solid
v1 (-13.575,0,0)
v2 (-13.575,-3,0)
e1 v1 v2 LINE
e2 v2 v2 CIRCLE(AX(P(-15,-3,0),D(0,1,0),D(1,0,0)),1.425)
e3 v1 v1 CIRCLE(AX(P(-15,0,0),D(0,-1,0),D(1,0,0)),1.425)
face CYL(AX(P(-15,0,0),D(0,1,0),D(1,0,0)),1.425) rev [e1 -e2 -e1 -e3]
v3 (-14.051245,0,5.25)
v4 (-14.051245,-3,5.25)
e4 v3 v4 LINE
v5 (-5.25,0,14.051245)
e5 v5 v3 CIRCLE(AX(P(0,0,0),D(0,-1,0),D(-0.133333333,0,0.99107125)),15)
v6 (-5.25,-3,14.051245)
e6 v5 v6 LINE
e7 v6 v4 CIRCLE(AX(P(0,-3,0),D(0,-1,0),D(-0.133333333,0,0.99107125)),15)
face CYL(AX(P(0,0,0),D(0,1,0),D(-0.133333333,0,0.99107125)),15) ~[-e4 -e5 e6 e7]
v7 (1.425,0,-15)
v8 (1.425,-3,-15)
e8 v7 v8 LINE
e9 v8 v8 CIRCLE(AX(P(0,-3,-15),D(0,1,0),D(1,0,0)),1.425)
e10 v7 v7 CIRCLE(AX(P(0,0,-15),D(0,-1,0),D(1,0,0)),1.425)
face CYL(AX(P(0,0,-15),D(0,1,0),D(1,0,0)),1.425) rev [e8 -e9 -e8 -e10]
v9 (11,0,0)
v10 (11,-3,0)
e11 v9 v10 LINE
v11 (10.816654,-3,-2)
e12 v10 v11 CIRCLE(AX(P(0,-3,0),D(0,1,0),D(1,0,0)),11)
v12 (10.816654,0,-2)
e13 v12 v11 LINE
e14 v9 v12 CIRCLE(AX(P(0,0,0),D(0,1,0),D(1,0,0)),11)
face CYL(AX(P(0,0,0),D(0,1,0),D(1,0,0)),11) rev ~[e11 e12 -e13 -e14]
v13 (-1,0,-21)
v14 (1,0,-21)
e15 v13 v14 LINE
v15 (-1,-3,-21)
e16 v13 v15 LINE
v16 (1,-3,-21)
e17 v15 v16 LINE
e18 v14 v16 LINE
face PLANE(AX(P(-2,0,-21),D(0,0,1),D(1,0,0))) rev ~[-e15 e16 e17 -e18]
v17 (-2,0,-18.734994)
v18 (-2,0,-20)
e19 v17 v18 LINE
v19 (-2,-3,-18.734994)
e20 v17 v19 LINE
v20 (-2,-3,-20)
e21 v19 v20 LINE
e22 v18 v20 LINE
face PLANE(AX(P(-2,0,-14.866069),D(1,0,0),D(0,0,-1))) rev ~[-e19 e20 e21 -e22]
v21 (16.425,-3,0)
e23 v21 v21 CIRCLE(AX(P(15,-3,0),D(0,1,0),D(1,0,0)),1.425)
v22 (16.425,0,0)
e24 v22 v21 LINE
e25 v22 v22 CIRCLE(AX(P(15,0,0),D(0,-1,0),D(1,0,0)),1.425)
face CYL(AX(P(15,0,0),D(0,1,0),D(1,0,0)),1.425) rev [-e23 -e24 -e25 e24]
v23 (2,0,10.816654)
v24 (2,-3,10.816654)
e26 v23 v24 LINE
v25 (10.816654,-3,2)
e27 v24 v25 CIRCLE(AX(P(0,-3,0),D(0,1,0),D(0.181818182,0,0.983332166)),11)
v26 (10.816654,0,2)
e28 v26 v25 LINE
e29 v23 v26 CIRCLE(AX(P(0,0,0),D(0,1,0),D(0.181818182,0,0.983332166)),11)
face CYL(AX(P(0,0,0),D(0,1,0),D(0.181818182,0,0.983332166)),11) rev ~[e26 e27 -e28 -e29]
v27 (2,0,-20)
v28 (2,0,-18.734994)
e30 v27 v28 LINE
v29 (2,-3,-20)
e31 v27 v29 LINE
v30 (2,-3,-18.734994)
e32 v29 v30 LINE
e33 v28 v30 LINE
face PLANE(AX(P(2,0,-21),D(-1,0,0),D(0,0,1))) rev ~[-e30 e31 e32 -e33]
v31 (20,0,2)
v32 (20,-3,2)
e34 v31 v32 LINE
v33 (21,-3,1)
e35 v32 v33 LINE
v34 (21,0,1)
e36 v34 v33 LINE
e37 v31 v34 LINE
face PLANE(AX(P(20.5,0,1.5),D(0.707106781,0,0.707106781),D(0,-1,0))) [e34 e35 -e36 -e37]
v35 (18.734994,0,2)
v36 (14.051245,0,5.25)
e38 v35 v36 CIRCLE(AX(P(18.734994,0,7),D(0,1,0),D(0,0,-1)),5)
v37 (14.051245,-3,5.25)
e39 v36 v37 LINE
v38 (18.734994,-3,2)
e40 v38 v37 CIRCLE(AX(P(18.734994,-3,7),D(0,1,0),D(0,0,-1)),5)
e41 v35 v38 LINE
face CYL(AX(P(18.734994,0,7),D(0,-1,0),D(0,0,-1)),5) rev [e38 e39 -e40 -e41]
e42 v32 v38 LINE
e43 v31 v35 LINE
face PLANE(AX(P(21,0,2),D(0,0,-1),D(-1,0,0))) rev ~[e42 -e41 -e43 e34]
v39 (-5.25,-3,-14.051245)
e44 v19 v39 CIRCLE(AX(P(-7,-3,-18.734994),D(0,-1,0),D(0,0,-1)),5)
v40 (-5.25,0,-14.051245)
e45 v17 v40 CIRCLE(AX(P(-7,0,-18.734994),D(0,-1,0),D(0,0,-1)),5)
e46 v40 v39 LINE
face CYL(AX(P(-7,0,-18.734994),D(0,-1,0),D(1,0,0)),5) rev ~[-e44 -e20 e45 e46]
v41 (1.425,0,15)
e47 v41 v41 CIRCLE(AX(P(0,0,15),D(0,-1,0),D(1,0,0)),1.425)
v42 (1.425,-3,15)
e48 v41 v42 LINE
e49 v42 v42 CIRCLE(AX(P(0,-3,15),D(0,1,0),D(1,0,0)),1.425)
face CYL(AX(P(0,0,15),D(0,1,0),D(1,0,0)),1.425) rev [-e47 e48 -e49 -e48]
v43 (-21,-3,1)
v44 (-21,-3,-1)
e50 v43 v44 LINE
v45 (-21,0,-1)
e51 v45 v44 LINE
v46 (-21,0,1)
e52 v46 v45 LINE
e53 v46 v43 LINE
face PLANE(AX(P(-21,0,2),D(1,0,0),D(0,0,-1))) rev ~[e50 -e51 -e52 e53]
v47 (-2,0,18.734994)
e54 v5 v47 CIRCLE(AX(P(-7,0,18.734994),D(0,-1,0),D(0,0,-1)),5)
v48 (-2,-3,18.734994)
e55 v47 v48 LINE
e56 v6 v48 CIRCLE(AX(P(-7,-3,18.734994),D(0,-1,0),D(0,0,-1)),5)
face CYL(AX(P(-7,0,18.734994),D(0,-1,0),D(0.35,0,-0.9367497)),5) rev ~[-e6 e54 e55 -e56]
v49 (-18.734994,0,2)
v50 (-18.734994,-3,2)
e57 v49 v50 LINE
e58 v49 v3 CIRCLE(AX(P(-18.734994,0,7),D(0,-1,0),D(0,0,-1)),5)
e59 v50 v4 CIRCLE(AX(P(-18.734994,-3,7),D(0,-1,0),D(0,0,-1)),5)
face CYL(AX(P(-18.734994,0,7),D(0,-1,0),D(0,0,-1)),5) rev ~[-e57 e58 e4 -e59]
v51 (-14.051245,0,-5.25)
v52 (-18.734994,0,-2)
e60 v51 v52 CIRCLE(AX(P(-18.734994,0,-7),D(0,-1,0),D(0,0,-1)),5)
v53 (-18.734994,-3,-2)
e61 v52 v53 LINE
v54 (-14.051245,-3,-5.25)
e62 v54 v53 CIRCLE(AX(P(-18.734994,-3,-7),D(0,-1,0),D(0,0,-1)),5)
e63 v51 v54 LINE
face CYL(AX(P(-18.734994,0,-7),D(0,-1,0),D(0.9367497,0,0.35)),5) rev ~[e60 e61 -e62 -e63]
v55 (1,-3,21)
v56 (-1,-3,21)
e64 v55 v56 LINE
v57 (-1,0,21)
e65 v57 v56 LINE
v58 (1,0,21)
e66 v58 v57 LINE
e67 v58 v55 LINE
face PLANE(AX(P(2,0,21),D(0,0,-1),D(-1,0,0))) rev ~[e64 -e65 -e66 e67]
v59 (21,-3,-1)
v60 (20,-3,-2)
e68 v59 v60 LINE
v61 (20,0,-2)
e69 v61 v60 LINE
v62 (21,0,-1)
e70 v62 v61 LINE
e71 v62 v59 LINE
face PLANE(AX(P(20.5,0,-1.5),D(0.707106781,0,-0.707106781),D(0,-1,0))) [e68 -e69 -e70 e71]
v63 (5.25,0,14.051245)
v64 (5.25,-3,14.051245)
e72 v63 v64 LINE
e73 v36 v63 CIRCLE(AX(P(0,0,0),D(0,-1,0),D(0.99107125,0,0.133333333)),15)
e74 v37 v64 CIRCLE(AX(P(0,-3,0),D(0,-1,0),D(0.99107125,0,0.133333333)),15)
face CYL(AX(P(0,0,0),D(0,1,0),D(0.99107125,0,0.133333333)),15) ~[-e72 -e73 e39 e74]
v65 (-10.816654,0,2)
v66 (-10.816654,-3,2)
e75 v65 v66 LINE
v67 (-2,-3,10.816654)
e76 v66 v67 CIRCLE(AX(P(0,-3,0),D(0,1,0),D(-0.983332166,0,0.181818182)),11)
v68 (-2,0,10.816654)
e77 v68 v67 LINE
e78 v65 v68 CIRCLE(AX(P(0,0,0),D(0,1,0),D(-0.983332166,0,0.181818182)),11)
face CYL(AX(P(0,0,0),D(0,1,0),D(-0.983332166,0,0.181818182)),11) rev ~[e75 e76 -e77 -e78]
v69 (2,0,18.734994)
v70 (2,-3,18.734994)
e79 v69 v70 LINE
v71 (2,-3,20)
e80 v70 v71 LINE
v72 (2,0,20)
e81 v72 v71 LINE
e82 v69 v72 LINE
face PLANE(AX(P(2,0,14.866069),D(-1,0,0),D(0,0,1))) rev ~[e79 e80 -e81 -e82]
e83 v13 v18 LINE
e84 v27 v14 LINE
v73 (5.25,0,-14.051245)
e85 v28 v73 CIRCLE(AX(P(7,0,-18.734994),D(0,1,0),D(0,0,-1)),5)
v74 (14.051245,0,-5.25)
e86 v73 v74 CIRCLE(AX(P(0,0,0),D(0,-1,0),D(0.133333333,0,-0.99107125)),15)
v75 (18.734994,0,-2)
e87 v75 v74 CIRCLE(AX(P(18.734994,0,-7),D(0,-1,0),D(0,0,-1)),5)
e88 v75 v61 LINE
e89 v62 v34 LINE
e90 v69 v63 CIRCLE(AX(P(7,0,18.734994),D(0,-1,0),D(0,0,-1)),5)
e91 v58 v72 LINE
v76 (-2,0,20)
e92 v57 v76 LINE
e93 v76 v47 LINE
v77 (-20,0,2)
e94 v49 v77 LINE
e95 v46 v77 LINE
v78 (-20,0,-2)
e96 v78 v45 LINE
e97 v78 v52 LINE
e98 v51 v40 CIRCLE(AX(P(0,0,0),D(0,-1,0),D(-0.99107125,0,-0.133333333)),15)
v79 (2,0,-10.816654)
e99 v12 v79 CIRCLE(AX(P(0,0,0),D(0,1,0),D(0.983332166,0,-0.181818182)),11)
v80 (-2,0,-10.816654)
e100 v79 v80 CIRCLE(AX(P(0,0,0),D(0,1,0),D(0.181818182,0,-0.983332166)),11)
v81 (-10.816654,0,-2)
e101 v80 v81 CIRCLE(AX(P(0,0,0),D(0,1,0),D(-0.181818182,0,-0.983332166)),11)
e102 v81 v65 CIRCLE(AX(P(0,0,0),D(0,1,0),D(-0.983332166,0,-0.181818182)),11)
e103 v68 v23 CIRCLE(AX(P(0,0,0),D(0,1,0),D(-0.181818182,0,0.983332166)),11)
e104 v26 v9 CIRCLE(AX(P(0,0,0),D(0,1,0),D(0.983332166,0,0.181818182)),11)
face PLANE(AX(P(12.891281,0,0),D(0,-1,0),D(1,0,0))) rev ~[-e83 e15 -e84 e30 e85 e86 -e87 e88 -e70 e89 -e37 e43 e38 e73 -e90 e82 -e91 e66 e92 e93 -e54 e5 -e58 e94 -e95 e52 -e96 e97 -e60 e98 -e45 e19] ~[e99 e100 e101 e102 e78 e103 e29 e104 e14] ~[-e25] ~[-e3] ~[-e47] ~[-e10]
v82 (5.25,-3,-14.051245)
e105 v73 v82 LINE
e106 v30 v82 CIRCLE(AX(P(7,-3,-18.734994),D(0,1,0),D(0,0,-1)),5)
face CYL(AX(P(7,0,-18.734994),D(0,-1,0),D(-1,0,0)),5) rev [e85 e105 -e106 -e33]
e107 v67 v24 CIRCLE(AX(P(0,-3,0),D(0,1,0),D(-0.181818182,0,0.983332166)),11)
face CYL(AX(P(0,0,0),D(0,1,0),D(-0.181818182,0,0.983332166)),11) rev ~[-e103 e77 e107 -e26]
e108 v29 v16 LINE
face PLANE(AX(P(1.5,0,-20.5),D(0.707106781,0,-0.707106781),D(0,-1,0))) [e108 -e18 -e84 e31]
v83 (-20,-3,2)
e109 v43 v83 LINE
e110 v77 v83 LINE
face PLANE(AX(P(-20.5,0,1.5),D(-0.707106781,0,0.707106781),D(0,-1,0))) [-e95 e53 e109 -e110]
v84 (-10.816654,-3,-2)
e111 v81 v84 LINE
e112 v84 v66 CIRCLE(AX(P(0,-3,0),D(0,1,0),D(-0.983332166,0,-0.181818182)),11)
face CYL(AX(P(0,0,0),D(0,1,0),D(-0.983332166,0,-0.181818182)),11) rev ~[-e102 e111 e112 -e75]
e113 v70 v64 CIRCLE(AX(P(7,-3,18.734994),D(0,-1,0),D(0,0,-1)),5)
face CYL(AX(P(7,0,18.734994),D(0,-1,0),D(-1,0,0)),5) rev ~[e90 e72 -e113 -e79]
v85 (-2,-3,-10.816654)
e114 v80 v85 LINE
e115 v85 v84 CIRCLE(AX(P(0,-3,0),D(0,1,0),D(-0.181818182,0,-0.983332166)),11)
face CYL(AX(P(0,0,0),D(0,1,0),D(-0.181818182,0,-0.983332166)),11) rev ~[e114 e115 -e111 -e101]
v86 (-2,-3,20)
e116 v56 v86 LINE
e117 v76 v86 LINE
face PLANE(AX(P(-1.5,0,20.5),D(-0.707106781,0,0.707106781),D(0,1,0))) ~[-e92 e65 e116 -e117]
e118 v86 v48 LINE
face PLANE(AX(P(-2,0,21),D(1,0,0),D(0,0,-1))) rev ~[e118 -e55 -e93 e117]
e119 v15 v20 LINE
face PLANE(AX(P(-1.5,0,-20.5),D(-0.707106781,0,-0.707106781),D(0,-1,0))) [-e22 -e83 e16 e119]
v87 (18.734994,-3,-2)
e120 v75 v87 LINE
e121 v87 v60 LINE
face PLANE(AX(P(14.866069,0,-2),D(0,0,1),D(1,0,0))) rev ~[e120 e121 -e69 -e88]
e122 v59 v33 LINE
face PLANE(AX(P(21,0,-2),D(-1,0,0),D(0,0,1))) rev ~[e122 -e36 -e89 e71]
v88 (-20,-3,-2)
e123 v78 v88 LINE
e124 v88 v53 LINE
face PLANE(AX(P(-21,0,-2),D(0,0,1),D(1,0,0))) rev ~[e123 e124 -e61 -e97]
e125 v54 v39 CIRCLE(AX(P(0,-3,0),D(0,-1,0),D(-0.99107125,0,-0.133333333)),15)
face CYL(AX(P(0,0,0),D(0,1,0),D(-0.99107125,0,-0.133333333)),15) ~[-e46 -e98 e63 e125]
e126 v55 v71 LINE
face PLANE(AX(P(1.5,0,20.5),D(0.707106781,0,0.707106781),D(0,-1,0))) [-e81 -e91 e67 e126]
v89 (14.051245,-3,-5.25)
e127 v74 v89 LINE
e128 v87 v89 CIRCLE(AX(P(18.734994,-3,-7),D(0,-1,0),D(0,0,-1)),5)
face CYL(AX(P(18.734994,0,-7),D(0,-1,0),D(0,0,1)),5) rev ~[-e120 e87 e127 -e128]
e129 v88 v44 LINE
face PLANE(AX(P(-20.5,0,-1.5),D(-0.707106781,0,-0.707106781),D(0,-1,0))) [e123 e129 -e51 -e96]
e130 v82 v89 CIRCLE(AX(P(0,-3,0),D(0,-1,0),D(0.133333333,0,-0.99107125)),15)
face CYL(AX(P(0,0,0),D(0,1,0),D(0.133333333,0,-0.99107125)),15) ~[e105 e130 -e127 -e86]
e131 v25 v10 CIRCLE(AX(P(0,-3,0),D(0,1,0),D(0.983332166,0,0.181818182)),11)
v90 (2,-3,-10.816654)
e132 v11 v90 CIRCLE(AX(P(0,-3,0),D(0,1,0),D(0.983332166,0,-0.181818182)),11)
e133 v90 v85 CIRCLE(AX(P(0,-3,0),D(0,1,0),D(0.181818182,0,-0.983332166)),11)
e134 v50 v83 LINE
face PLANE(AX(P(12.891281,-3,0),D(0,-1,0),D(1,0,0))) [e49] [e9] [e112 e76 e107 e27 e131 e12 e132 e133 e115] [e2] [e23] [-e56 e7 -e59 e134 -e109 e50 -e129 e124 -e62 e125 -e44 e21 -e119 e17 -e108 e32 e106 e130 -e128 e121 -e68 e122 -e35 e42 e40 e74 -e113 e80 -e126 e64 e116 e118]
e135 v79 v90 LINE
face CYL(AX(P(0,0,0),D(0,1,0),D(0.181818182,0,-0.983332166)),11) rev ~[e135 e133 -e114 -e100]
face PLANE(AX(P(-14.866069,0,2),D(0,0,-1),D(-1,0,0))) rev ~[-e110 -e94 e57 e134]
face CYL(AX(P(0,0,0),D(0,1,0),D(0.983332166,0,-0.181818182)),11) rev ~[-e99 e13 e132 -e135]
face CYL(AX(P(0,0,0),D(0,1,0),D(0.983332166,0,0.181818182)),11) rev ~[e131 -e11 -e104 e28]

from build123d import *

# Parameters (mm, degrees)
F1_DEPTH = 3
F2_SIZE  = 1
F3_SIZE  = 1
F4_SIZE  = 1
F5_SIZE  = 1
F6_SIZE  = 1
F7_R     = 1.425
F8_DEPTH = 3.001
F9_R     = 5
F10_R    = 5
F11_R    = 5
F12_R    = 5
F13_R    = 5
F14_R    = 5
F15_R    = 5
F16_R    = 5


with BuildPart() as f1:
    # F0 (on Front) → F1 (new body)
    with BuildSketch(Plane.XZ):
        with BuildLine():
            ThreePointArc((10.8166538264, 2), (10.9540675571, 1.004193186), (11, 0))
            ThreePointArc((11, 0), (10.9540675571, -1.004193186), (10.8166538264, -2))
            Line((10.8166538264, -2), (14.8660687473, -2))
            ThreePointArc((14.8660687473, -2), (14.9664797332, -1.0022396895), (15, 0))
            ThreePointArc((15, 0), (14.9664797332, 1.0022396895), (14.8660687473, 2))
            Line((14.8660687473, 2), (10.8166538264, 2))
        make_face()
        with BuildLine():
            ThreePointArc((2, 10.8166538264), (7.7781745931, 7.7781745931), (10.8166538264, 2))
            Line((10.8166538264, 2), (14.8660687473, 2))
            ThreePointArc((14.8660687473, 2), (10.6066017178, 10.6066017178), (2, 14.8660687473))
            Line((2, 14.8660687473), (2, 10.8166538264))
        make_face()
        with BuildLine():
            Line((14.8660687473, -2), (10.8166538264, -2))
            ThreePointArc((10.8166538264, -2), (7.7781745931, -7.7781745931), (2, -10.8166538264))
            Line((2, -10.8166538264), (2, -14.8660687473))
            ThreePointArc((2, -14.8660687473), (10.6066017178, -10.6066017178), (14.8660687473, -2))
        make_face()
        with BuildLine():
            ThreePointArc((-2, 10.8166538264), (0, 11), (2, 10.8166538264))
            Line((2, 10.8166538264), (2, 14.8660687473))
            ThreePointArc((2, 14.8660687473), (0, 15), (-2, 14.8660687473))
            Line((-2, 14.8660687473), (-2, 10.8166538264))
        make_face()
        with BuildLine():
            Line((21, 2), (14.8660687473, 2))
            ThreePointArc((14.8660687473, 2), (14.9664797332, 1.0022396895), (15, 0))
            ThreePointArc((15, 0), (14.9664797332, -1.0022396895), (14.8660687473, -2))
            Line((14.8660687473, -2), (21, -2))
            Line((21, -2), (21, 2))
        make_face()
        with BuildLine():
            Line((2, -14.8660687473), (2, -10.8166538264))
            ThreePointArc((2, -10.8166538264), (0, -11), (-2, -10.8166538264))
            Line((-2, -10.8166538264), (-2, -14.8660687473))
            ThreePointArc((-2, -14.8660687473), (0, -15), (2, -14.8660687473))
        make_face()
        with BuildLine():
            ThreePointArc((-10.8166538264, 2), (-7.7781745931, 7.7781745931), (-2, 10.8166538264))
            Line((-2, 10.8166538264), (-2, 14.8660687473))
            ThreePointArc((-2, 14.8660687473), (-10.6066017178, 10.6066017178), (-14.8660687473, 2))
            Line((-14.8660687473, 2), (-10.8166538264, 2))
        make_face()
        with BuildLine():
            ThreePointArc((-2, 14.8660687473), (0, 15), (2, 14.8660687473))
            Line((2, 14.8660687473), (2, 21))
            Line((2, 21), (-2, 21))
            Line((-2, 21), (-2, 14.8660687473))
        make_face()
        with BuildLine():
            Line((-2, -14.8660687473), (-2, -10.8166538264))
            ThreePointArc((-2, -10.8166538264), (-7.7781745931, -7.7781745931), (-10.8166538264, -2))
            Line((-10.8166538264, -2), (-14.8660687473, -2))
            ThreePointArc((-14.8660687473, -2), (-10.6066017178, -10.6066017178), (-2, -14.8660687473))
        make_face()
        with BuildLine():
            Line((2, -21), (2, -14.8660687473))
            ThreePointArc((2, -14.8660687473), (0, -15), (-2, -14.8660687473))
            Line((-2, -14.8660687473), (-2, -21))
            Line((-2, -21), (2, -21))
        make_face()
        with BuildLine():
            ThreePointArc((-10.8166538264, -2), (-11, 0), (-10.8166538264, 2))
            Line((-10.8166538264, 2), (-14.8660687473, 2))
            ThreePointArc((-14.8660687473, 2), (-15, 0), (-14.8660687473, -2))
            Line((-14.8660687473, -2), (-10.8166538264, -2))
        make_face()
        with BuildLine():
            ThreePointArc((-14.8660687473, -2), (-15, 0), (-14.8660687473, 2))
            Line((-14.8660687473, 2), (-21, 2))
            Line((-21, 2), (-21, -2))
            Line((-21, -2), (-14.8660687473, -2))
        make_face()
    extrude(amount=F1_DEPTH)

    # F2
    f2_edges = [f1.edges().sort_by_distance(p)[0] for p in [
        (-2, -1.5, 21),
    ]]
    chamfer(f2_edges, length=F2_SIZE)

    # F3
    f3_edges = [f1.edges().sort_by_distance(p)[0] for p in [
        (2, -1.5, 21),
    ]]
    chamfer(f3_edges, length=F3_SIZE)

    # F4
    f4_edges = [f1.edges().sort_by_distance(p)[0] for p in [
        (21, -1.5, 2),
        (21, -1.5, -2),
    ]]
    chamfer(f4_edges, length=F4_SIZE)

    # F5
    f5_edges = [f1.edges().sort_by_distance(p)[0] for p in [
        (2, -1.5, -21),
        (-2, -1.5, -21),
    ]]
    chamfer(f5_edges, length=F5_SIZE)

    # F6
    f6_edges = [f1.edges().sort_by_distance(p)[0] for p in [
        (-21, -1.5, 2),
        (-21, -1.5, -2),
    ]]
    chamfer(f6_edges, length=F6_SIZE)

    # F7 (on Front) → F8 (cut, through all)
    with BuildSketch(Plane.XZ):
        with Locations((0, 15)):
            Circle(F7_R)
        with Locations((15, 0)):
            Circle(F7_R)
        with Locations((-15, 0)):
            Circle(F7_R)
        with Locations((0, -15)):
            Circle(F7_R)
    extrude(amount=F8_DEPTH, mode=Mode.SUBTRACT)

    # F9
    f9_edges = [f1.edges().sort_by_distance(p)[0] for p in [
        (-2, -1.5, 14.866069),
    ]]
    fillet(f9_edges, radius=F9_R)

    # F10
    f10_edges = [f1.edges().sort_by_distance(p)[0] for p in [
        (2, -1.5, 14.866069),
    ]]
    fillet(f10_edges, radius=F10_R)

    # F11
    f11_edges = [f1.edges().sort_by_distance(p)[0] for p in [
        (14.866069, -1.5, -2),
    ]]
    fillet(f11_edges, radius=F11_R)

    # F12
    f12_edges = [f1.edges().sort_by_distance(p)[0] for p in [
        (-2, -1.5, -14.866069),
    ]]
    fillet(f12_edges, radius=F12_R)

    # F13
    f13_edges = [f1.edges().sort_by_distance(p)[0] for p in [
        (2, -1.5, -14.866069),
    ]]
    fillet(f13_edges, radius=F13_R)

    # F14
    f14_edges = [f1.edges().sort_by_distance(p)[0] for p in [
        (14.866069, -1.5, 2),
    ]]
    fillet(f14_edges, radius=F14_R)

    # F15
    f15_edges = [f1.edges().sort_by_distance(p)[0] for p in [
        (-14.866069, -1.5, -2),
    ]]
    fillet(f15_edges, radius=F15_R)

    # F16
    f16_edges = [f1.edges().sort_by_distance(p)[0] for p in [
        (-14.866069, -1.5, 2),
    ]]
    fillet(f16_edges, radius=F16_R)


solid = f1.part
